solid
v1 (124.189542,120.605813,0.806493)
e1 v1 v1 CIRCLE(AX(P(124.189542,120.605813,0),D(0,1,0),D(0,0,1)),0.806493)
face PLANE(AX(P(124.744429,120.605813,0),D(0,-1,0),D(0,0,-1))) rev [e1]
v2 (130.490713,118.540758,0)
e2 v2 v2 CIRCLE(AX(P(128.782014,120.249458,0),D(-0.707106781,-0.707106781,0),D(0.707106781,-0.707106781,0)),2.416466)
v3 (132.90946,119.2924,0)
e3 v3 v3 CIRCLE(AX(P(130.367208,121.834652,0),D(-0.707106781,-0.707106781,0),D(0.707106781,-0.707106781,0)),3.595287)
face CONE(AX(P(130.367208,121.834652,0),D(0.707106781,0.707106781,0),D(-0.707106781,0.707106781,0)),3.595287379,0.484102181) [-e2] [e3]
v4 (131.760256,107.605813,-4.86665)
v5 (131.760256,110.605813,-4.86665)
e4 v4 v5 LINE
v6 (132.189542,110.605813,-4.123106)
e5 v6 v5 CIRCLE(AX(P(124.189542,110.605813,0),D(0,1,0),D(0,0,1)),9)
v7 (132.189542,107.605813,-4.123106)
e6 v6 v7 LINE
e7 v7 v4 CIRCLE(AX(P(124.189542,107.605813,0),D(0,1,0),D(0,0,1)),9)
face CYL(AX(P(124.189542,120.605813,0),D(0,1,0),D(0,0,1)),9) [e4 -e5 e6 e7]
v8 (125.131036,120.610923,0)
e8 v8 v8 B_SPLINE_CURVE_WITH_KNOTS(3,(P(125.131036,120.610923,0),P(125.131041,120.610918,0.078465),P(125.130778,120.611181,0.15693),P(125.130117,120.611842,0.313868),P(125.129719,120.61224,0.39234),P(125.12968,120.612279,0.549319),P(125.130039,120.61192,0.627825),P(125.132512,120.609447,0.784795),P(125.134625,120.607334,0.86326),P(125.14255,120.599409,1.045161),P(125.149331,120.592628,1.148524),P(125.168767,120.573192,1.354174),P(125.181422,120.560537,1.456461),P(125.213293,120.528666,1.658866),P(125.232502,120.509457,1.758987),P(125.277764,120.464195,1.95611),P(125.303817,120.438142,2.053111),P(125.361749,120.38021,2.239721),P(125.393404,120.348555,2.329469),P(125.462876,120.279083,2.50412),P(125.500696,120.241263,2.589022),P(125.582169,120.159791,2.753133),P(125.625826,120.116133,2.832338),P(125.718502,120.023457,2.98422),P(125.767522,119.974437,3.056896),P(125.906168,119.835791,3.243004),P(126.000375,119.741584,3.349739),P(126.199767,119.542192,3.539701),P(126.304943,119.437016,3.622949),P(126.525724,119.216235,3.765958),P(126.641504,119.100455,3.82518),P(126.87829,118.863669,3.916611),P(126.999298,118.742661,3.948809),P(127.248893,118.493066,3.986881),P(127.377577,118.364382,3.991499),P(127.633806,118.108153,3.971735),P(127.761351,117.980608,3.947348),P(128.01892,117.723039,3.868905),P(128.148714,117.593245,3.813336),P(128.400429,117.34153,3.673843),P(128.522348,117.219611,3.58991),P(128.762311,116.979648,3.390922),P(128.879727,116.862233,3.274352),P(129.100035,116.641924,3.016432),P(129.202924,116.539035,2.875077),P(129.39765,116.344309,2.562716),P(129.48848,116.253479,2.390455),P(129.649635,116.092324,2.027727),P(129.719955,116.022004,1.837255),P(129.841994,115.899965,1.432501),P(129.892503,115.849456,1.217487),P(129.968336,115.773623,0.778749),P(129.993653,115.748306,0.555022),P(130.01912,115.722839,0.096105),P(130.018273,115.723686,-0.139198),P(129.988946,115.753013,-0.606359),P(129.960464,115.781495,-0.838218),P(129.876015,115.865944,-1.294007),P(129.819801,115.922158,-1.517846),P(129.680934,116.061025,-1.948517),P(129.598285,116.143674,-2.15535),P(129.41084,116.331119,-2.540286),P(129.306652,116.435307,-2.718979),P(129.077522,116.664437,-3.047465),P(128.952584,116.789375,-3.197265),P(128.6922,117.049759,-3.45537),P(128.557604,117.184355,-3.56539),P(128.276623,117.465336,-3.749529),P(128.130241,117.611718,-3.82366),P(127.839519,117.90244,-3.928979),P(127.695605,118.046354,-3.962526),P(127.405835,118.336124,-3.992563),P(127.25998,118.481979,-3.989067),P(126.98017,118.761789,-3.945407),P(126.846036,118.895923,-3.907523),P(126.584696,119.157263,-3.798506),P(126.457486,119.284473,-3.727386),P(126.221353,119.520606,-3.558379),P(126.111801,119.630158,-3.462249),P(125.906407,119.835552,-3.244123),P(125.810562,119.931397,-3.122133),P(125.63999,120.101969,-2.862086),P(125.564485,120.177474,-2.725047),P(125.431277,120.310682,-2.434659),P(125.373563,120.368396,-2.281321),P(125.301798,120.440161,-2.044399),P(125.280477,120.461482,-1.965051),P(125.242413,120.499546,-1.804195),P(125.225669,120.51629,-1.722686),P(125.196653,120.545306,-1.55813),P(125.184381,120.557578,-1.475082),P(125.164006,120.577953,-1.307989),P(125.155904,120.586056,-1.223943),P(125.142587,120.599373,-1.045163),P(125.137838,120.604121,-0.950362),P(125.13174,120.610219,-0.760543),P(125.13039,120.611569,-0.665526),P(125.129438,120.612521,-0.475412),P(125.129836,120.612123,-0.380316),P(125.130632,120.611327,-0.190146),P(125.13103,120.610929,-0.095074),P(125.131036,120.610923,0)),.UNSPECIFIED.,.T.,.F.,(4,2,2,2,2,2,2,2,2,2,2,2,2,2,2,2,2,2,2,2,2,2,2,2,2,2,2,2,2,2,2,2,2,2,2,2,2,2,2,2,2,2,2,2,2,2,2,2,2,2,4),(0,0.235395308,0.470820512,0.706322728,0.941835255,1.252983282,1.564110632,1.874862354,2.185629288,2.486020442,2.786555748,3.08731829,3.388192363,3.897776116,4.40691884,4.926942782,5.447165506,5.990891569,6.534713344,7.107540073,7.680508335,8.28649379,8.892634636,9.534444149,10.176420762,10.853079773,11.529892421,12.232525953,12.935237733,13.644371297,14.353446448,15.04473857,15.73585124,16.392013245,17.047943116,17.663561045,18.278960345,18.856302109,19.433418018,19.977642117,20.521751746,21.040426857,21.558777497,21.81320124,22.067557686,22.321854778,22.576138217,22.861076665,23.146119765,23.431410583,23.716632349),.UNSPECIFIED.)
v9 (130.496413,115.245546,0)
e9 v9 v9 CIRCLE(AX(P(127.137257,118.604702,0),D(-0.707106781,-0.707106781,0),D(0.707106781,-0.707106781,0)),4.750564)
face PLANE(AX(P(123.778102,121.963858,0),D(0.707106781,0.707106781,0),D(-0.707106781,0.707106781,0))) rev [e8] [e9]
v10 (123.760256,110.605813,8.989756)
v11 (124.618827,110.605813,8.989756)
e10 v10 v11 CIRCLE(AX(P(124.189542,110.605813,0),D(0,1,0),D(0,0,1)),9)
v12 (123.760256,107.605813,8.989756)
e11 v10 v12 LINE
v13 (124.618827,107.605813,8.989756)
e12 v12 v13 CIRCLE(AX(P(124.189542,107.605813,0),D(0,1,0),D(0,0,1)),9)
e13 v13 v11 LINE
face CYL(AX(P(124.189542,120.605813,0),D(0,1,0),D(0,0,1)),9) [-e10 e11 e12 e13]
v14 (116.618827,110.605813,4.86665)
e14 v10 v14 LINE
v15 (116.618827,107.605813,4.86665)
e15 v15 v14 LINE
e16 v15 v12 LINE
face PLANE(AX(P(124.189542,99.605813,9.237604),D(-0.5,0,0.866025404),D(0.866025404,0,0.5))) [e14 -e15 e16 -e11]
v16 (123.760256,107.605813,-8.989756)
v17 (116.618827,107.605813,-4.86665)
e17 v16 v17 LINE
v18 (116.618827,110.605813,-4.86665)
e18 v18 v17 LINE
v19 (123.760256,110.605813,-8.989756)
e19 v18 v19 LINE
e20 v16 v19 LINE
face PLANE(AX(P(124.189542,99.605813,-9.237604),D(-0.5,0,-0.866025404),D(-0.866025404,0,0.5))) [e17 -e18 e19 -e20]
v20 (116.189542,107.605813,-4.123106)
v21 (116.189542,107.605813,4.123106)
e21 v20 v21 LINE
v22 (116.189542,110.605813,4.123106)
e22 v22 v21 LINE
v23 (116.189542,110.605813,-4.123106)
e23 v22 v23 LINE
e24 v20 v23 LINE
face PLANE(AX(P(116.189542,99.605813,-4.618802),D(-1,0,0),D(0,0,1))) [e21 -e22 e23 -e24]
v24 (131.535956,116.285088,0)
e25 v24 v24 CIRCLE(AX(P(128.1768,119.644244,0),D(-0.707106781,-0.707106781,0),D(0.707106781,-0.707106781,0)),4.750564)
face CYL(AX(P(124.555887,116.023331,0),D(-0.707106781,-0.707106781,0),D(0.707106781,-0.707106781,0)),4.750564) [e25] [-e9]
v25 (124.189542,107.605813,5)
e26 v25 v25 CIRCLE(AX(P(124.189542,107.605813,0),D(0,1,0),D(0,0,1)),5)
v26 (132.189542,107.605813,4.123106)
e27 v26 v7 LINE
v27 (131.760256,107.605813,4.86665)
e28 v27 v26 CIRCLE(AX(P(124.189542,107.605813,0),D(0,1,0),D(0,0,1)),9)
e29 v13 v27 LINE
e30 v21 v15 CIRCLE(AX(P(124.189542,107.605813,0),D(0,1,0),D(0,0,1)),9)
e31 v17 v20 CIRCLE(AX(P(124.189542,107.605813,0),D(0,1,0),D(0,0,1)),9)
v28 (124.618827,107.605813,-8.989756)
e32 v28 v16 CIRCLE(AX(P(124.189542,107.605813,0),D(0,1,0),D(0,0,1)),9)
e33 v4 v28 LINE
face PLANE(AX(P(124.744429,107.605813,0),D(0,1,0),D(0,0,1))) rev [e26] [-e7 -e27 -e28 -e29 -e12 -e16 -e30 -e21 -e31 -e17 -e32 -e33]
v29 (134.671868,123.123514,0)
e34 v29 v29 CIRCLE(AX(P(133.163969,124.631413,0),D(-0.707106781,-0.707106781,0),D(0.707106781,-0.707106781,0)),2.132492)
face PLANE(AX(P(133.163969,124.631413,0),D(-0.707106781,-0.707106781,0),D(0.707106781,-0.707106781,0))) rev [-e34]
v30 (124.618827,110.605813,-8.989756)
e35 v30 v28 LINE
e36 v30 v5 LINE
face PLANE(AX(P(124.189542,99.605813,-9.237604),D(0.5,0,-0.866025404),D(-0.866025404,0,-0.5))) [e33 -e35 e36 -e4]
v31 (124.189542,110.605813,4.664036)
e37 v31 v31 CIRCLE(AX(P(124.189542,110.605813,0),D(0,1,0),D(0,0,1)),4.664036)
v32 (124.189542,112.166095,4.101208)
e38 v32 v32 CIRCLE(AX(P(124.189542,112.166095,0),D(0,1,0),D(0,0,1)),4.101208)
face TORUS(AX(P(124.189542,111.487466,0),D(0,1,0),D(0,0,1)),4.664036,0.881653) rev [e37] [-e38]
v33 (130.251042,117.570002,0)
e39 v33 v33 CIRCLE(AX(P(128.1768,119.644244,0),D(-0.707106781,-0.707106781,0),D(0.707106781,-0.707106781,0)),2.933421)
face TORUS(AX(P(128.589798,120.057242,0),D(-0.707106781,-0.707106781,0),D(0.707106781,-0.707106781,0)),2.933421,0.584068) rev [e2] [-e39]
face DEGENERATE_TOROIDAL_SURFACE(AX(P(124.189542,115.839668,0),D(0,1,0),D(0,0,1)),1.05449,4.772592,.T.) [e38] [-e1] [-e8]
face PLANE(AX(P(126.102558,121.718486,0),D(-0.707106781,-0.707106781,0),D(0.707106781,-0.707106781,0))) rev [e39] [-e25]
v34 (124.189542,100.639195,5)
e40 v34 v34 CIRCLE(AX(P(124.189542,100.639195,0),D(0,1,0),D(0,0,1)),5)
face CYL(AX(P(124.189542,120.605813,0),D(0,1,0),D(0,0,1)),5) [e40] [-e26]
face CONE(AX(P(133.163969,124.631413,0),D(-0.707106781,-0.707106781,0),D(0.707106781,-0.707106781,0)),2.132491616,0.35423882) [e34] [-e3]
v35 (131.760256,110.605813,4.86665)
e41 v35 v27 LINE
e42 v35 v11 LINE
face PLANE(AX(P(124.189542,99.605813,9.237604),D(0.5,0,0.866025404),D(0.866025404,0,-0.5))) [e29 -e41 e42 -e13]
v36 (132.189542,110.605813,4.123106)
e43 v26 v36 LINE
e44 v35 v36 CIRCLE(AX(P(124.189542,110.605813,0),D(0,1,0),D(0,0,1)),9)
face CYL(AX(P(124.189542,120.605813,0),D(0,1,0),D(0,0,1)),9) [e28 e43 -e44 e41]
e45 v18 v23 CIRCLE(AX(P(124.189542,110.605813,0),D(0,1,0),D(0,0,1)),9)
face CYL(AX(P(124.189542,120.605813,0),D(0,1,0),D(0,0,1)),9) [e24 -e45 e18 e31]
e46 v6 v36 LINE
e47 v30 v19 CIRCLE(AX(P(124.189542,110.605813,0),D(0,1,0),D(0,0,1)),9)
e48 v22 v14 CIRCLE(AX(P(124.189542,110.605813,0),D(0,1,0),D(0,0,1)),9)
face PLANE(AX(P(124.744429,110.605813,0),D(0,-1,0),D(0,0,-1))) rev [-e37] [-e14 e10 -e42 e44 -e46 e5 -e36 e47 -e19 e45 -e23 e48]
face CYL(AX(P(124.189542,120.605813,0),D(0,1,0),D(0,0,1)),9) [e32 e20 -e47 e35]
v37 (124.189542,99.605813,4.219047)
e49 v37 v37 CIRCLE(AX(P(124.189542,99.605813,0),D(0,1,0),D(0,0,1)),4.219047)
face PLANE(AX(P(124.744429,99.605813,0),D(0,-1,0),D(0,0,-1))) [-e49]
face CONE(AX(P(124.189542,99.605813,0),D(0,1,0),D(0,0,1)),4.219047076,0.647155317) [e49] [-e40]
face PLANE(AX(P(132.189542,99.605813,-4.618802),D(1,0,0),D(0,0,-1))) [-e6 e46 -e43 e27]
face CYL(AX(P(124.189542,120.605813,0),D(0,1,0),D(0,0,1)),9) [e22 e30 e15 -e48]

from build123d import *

# Parameters (mm, degrees)
SKETCH_5_OUTSIDE_W  = 26.6
SKETCH_5_OUTSIDE_H  = 26.6
CUT_EXTRUDE_1_DEPTH = 134.94571279


with BuildPart() as part:
    # 草图2 → 旋转1 (revolve)
    with BuildSketch(Plane.XY, mode=Mode.PRIVATE) as revolve_1_sk:
        with BuildLine():
            Line((124.996034131, 120.605813119), (124.189541537, 120.605813119))
            Line((124.189541537, 120.605813119), (124.189541537, 99.605813119))
            Line((124.189541537, 99.605813119), (128.408588613, 99.605813119))
            Line((128.408588613, 99.605813119), (129.189541537, 100.63919496))
            Line((129.189541537, 100.63919496), (129.189541537, 107.605813119))
            Line((129.189541537, 107.605813119), (133.189541537, 107.605813119))
            Line((133.189541537, 107.605813119), (133.189541537, 110.605813119))
            Line((133.189541537, 110.605813119), (128.853577909, 110.605813119))
            ThreePointArc((128.853577909, 110.605813119), (128.024232739, 111.188302984), (128.290749921, 112.166094601))
            ThreePointArc((128.290749921, 112.166094601), (129.689863315, 117.57524199), (124.996034131, 120.605813119))
        make_face()
    revolve(revolve_1_sk.sketch.rotate(Axis((124.189541537, 120.605813119, 0), (0, -1, 0)), 90), axis=Axis((124.189541537, 120.605813119, 0), (0, -1, 0)))

    # 草图5 outside → 切除-拉伸1 (cut, through all)
    with BuildSketch(Plane(origin=(0, 110.605813119, 0), x_dir=(1, 0, 0), z_dir=(0, 1, 0))):
        with Locations((124.19, 0)):
            Rectangle(SKETCH_5_OUTSIDE_W, SKETCH_5_OUTSIDE_H)
        Polygon((124.189541537, 9.237604307), (132.189541537, 4.618802154), (132.189541537, -4.618802154), (124.189541537, -9.237604307), (116.189541537, -4.618802154), (116.189541537, 4.618802154), align=None, mode=Mode.SUBTRACT)
    extrude(amount=-CUT_EXTRUDE_1_DEPTH, mode=Mode.SUBTRACT)

    # 草图6 → 旋转2 (revolve)
    with BuildSketch(Plane.XY, mode=Mode.PRIVATE) as revolve_2_sk:
        with BuildLine():
            Line((133.163968864, 124.631412982), (131.656069582, 126.139312264))
            Line((131.656069582, 126.139312264), (127.824956174, 124.376904464))
            Line((127.824956174, 124.376904464), (127.073314038, 121.958157384))
            ThreePointArc((127.073314038, 121.958157384), (126.655554411, 121.564442646), (126.102557912, 121.718485734))
            Line((126.102557912, 121.718485734), (124.8176438, 123.003399846))
            Line((124.8176438, 123.003399846), (123.778101502, 121.963857549))
            Line((123.778101502, 121.963857549), (127.137257467, 118.604701585))
            Line((127.137257467, 118.604701585), (133.163968864, 124.631412982))
        make_face()
    revolve(revolve_2_sk.sketch.rotate(Axis((124.555886728, 116.023330846, 0), (0.7071067811865461, 0.707106781186549, 0)), 180), axis=Axis((124.555886728, 116.023330846, 0), (0.7071067811865461, 0.707106781186549, 0)))


solid = part.part
